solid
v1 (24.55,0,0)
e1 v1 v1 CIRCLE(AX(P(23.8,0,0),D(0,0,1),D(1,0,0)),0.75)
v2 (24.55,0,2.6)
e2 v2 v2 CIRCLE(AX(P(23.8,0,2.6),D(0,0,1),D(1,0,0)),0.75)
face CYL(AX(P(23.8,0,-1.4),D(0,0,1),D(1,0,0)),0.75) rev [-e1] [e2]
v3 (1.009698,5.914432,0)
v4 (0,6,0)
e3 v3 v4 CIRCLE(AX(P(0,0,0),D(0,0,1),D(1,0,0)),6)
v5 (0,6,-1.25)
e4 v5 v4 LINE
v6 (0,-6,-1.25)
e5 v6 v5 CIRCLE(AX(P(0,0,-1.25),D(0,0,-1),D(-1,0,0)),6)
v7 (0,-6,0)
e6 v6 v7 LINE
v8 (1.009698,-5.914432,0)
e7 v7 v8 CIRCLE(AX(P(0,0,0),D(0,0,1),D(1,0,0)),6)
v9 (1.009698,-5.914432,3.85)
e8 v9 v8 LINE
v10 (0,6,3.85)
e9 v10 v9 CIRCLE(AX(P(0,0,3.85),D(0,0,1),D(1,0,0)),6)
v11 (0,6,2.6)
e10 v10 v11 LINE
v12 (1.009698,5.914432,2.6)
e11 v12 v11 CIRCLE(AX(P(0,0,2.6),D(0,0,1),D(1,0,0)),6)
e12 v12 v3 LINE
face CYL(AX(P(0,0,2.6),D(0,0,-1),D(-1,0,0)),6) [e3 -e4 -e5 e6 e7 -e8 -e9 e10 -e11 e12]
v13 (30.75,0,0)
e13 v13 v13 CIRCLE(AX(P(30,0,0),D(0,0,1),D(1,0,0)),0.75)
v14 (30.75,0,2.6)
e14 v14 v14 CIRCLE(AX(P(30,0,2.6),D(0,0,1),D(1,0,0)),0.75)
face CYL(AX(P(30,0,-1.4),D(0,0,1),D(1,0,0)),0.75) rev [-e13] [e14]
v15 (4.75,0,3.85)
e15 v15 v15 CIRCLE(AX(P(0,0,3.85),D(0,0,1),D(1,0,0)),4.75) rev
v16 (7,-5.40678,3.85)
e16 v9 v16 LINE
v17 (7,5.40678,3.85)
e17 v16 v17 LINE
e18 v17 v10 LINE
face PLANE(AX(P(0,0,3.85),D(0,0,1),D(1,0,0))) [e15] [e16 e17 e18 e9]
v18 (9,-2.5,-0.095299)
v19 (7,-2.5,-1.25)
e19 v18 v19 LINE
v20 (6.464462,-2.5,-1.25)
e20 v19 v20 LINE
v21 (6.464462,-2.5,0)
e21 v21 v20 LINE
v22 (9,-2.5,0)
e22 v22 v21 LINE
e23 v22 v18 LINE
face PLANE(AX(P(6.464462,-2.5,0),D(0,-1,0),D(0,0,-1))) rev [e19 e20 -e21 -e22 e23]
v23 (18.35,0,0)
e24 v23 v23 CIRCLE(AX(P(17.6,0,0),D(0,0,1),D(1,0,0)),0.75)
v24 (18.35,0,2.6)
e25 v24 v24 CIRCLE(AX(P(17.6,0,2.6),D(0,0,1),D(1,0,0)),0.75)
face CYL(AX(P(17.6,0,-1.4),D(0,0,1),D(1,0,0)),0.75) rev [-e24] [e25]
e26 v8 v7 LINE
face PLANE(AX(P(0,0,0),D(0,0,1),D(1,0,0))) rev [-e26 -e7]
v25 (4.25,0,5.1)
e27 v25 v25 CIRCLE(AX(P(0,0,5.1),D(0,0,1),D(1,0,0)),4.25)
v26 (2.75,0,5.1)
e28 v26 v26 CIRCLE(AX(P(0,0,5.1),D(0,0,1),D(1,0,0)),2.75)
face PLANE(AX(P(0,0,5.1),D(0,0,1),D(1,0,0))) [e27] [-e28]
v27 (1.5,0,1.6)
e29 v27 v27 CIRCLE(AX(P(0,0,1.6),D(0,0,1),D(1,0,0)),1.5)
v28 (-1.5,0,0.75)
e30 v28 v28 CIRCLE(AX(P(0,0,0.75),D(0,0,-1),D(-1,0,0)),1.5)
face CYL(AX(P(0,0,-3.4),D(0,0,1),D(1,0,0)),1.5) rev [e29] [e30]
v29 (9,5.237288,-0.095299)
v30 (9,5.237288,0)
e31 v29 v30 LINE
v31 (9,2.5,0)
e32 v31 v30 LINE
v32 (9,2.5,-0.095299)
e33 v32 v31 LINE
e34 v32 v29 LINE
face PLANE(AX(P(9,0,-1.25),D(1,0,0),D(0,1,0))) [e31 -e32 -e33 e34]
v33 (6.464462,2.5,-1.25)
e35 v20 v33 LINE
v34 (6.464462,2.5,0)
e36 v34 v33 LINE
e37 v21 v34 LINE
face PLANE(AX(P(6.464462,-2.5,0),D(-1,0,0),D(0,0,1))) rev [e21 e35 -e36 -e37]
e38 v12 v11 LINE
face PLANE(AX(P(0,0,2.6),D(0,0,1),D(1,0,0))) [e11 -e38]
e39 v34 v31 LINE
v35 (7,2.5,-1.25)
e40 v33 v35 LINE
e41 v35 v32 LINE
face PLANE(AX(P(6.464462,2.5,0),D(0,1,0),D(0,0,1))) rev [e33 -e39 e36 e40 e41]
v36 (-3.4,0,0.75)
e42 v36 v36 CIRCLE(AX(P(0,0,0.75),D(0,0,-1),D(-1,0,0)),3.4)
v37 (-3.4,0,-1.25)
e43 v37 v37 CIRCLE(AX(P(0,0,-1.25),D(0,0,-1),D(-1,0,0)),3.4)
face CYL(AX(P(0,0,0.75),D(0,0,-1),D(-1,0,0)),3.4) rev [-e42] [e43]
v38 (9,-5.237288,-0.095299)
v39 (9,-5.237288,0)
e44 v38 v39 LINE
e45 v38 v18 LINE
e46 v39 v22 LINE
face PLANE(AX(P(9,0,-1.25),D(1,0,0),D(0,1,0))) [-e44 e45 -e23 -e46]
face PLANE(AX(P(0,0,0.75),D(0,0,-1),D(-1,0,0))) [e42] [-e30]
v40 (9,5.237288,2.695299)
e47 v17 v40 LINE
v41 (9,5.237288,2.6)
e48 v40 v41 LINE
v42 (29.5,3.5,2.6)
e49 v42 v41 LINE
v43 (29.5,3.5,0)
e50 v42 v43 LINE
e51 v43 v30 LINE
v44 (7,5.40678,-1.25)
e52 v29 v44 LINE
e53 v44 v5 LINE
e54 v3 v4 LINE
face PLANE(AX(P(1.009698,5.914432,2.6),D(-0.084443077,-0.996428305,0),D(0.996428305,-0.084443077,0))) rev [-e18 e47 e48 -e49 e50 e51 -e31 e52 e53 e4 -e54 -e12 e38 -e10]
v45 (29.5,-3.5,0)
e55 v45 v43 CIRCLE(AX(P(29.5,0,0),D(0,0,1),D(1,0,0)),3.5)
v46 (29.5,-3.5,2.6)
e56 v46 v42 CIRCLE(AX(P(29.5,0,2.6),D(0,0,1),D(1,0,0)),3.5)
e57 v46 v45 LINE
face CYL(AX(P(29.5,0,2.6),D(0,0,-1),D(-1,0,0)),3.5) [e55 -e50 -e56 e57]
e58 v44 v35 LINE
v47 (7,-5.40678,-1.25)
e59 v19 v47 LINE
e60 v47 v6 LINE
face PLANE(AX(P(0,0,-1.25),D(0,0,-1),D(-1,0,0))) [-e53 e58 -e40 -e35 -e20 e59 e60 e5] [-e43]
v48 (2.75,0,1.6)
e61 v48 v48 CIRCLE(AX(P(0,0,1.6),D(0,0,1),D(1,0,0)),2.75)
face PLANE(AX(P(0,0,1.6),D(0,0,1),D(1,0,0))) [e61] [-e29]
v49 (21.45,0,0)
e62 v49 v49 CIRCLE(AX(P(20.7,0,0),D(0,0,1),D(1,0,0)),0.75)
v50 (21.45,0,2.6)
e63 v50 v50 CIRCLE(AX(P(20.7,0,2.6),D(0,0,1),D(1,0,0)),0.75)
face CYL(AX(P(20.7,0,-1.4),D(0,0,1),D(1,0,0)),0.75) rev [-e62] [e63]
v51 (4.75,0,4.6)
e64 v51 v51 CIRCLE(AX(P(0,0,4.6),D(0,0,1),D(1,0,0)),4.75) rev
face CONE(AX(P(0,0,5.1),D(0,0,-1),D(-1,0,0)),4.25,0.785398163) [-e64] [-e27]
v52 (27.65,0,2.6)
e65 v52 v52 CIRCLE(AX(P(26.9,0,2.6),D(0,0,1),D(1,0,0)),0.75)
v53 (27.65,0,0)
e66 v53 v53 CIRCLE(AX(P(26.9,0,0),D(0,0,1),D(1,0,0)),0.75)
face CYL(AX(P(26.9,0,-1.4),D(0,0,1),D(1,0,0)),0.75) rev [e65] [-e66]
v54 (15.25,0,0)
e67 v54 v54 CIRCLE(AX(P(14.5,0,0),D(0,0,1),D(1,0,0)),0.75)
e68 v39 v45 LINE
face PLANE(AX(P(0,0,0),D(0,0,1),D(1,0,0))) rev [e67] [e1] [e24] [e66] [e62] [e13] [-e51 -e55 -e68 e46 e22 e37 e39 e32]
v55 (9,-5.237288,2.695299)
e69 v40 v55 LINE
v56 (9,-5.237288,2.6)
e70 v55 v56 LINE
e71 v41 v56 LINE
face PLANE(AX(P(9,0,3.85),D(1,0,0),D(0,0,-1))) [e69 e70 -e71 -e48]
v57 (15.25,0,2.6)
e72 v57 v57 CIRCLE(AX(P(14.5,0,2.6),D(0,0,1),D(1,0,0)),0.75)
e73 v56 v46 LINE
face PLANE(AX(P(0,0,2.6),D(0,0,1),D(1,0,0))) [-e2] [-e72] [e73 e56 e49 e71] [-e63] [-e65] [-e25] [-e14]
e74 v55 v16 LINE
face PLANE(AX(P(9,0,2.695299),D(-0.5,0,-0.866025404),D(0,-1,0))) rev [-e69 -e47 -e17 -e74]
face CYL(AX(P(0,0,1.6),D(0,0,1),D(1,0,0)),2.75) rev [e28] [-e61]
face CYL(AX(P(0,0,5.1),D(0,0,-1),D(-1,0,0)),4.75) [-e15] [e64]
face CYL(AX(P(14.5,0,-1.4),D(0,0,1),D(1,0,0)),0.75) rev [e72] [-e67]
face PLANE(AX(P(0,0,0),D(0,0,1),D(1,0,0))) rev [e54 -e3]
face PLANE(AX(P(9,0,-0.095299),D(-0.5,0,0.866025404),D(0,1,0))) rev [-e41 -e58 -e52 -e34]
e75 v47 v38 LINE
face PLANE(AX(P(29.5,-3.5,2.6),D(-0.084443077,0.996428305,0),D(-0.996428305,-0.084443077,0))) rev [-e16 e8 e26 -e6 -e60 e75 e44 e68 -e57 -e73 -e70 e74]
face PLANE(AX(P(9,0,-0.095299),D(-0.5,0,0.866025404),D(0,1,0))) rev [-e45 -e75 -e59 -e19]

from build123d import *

# Parameters (mm, degrees)
BOSS_EXTRUDE1_DEPTH = 2.6
SKETCH2_R           = 4.75
BOSS_EXTRUDE2_DEPTH = 2.5
SKETCH3_R           = 2.5
CUT_EXTRUDE1_DEPTH  = 4
SKETCH4_R           = 0.75
CUT_EXTRUDE2_DEPTH  = 4
SKETCH5_R           = 4.75
BOSS_EXTRUDE3_DEPTH = 1.25
CHAMFER1_SIZE       = 2
CHAMFER1_SIZE2      = 1.154700538
BOSS_EXTRUDE4_DEPTH = 1.25
CHAMFER2_SIZE       = 2
CHAMFER2_SIZE2      = 1.154700538
SKETCH7_W           = 3
SKETCH7_H           = 5
CUT_EXTRUDE3_DEPTH  = 1.25
SKETCH8_R           = 2.75
CUT_EXTRUDE4_DEPTH  = 3.5
SKETCH9_R           = 3.4
CUT_EXTRUDE5_DEPTH  = 2
CHAMFER3_SIZE       = 0.5
SKETCH10_R          = 1.5
CUT_EXTRUDE6_DEPTH  = 5


with BuildPart() as part:
    # Sketch1 → Boss-Extrude1 (new body)
    with BuildSketch(Plane.XY):
        with BuildLine():
            Line((1.009697661, 5.914432402), (29.5, 3.5))
            ThreePointArc((29.5, 3.5), (33, 0), (29.5, -3.5))
            Line((29.5, -3.5), (1.009697661, -5.914432402))
            ThreePointArc((1.009697661, -5.914432402), (-6, 0), (1.009697661, 5.914432402))
        make_face()
    extrude(amount=BOSS_EXTRUDE1_DEPTH)

    # Sketch2 → Boss-Extrude2 (add)
    with BuildSketch(Plane.XY.offset(2.6)):
        Circle(SKETCH2_R)
    extrude(amount=BOSS_EXTRUDE2_DEPTH)

    # Sketch3 → Cut-Extrude1 (cut)
    with BuildSketch(Plane.XY.offset(2.6)):
        Circle(SKETCH3_R)
    extrude(amount=CUT_EXTRUDE1_DEPTH, mode=Mode.SUBTRACT)

    # Sketch4 → Cut-Extrude2 (cut)
    with BuildSketch(Plane.XY.offset(2.6)):
        with Locations((30, 0)):
            Circle(SKETCH4_R)
        with Locations((26.9, 0)):
            Circle(SKETCH4_R)
        with Locations((23.8, 0)):
            Circle(SKETCH4_R)
        with Locations((20.7, 0)):
            Circle(SKETCH4_R)
        with Locations((17.6, 0)):
            Circle(SKETCH4_R)
        with Locations((14.5, 0)):
            Circle(SKETCH4_R)
    extrude(amount=-CUT_EXTRUDE2_DEPTH, mode=Mode.SUBTRACT)

    # Sketch5 → Boss-Extrude3 (add)
    with BuildSketch(Plane.XY.offset(2.6)):
        with BuildLine():
            Line((1.009697661, 5.914432402), (0, 6))
            ThreePointArc((0, 6), (-5.978569829, -0.50665846), (1.009697661, -5.914432402))
            Line((1.009697661, -5.914432402), (9, -5.237288136))
            Line((9, -5.237288136), (9, 5.237288136))
            Line((9, 5.237288136), (1.009697661, 5.914432402))
        make_face()
        Circle(SKETCH5_R, mode=Mode.SUBTRACT)
    extrude(amount=BOSS_EXTRUDE3_DEPTH)

    # Chamfer1
    chamfer1_edges = [part.edges().sort_by_distance(p)[0] for p in [
        (9, 0, 3.85),
    ]]
    chamfer1_side = [part.faces().sort_by_distance(p)[0] for p in [
        (4.988627845, -5.384452642, 3.85),
    ]]
    chamfer(chamfer1_edges, length=CHAMFER1_SIZE, length2=CHAMFER1_SIZE2, reference=chamfer1_side[0])

    # Sketch6 → Boss-Extrude4 (add)
    with BuildSketch(Plane(origin=(0, 0, 0), x_dir=(-1, 0, 0), z_dir=(0, 0, -1))):
        with BuildLine():
            Line((-1.009697661, -5.914432402), (0, -6))
            ThreePointArc((0, -6), (6, 0), (0, 6))
            Line((0, 6), (-1.009697661, 5.914432402))
            Line((-1.009697661, 5.914432402), (-9, 5.237288136))
            Line((-9, 5.237288136), (-9, -5.237288136))
            Line((-9, -5.237288136), (-1.009697661, -5.914432402))
        make_face()
    extrude(amount=BOSS_EXTRUDE4_DEPTH)

    # Chamfer2
    chamfer2_edges = [part.edges().sort_by_distance(p)[0] for p in [
        (9, 0, -1.25),
    ]]
    chamfer2_side = [part.faces().sort_by_distance(p)[0] for p in [
        (1.907695527, 0, -1.25),
    ]]
    chamfer(chamfer2_edges, length=CHAMFER2_SIZE, length2=CHAMFER2_SIZE2, reference=chamfer2_side[0])

    # Sketch7 → Cut-Extrude3 (cut)
    with BuildSketch(Plane(origin=(0, 0, -1.25), x_dir=(-1, 0, 0), z_dir=(0, 0, -1))):
        with Locations((-7.964462138, 0)):
            Rectangle(SKETCH7_W, SKETCH7_H)
    extrude(amount=-CUT_EXTRUDE3_DEPTH, mode=Mode.SUBTRACT)

    # Sketch8 → Cut-Extrude4 (cut)
    with BuildSketch(Plane.XY.offset(5.1)):
        Circle(SKETCH8_R)
    extrude(amount=-CUT_EXTRUDE4_DEPTH, mode=Mode.SUBTRACT)

    # Sketch9 → Cut-Extrude5 (cut)
    with BuildSketch(Plane(origin=(0, 0, -1.25), x_dir=(-1, 0, 0), z_dir=(0, 0, -1))):
        Circle(SKETCH9_R)
    extrude(amount=-CUT_EXTRUDE5_DEPTH, mode=Mode.SUBTRACT)

    # Chamfer3
    chamfer3_edges = [part.edges().sort_by_distance(p)[0] for p in [
        (-4.75, 0, 5.1),
    ]]
    chamfer(chamfer3_edges, length=CHAMFER3_SIZE)

    # Sketch10 → Cut-Extrude6 (cut)
    with BuildSketch(Plane.XY.offset(1.6)):
        Circle(SKETCH10_R)
    extrude(amount=-CUT_EXTRUDE6_DEPTH, mode=Mode.SUBTRACT)


solid = part.part
